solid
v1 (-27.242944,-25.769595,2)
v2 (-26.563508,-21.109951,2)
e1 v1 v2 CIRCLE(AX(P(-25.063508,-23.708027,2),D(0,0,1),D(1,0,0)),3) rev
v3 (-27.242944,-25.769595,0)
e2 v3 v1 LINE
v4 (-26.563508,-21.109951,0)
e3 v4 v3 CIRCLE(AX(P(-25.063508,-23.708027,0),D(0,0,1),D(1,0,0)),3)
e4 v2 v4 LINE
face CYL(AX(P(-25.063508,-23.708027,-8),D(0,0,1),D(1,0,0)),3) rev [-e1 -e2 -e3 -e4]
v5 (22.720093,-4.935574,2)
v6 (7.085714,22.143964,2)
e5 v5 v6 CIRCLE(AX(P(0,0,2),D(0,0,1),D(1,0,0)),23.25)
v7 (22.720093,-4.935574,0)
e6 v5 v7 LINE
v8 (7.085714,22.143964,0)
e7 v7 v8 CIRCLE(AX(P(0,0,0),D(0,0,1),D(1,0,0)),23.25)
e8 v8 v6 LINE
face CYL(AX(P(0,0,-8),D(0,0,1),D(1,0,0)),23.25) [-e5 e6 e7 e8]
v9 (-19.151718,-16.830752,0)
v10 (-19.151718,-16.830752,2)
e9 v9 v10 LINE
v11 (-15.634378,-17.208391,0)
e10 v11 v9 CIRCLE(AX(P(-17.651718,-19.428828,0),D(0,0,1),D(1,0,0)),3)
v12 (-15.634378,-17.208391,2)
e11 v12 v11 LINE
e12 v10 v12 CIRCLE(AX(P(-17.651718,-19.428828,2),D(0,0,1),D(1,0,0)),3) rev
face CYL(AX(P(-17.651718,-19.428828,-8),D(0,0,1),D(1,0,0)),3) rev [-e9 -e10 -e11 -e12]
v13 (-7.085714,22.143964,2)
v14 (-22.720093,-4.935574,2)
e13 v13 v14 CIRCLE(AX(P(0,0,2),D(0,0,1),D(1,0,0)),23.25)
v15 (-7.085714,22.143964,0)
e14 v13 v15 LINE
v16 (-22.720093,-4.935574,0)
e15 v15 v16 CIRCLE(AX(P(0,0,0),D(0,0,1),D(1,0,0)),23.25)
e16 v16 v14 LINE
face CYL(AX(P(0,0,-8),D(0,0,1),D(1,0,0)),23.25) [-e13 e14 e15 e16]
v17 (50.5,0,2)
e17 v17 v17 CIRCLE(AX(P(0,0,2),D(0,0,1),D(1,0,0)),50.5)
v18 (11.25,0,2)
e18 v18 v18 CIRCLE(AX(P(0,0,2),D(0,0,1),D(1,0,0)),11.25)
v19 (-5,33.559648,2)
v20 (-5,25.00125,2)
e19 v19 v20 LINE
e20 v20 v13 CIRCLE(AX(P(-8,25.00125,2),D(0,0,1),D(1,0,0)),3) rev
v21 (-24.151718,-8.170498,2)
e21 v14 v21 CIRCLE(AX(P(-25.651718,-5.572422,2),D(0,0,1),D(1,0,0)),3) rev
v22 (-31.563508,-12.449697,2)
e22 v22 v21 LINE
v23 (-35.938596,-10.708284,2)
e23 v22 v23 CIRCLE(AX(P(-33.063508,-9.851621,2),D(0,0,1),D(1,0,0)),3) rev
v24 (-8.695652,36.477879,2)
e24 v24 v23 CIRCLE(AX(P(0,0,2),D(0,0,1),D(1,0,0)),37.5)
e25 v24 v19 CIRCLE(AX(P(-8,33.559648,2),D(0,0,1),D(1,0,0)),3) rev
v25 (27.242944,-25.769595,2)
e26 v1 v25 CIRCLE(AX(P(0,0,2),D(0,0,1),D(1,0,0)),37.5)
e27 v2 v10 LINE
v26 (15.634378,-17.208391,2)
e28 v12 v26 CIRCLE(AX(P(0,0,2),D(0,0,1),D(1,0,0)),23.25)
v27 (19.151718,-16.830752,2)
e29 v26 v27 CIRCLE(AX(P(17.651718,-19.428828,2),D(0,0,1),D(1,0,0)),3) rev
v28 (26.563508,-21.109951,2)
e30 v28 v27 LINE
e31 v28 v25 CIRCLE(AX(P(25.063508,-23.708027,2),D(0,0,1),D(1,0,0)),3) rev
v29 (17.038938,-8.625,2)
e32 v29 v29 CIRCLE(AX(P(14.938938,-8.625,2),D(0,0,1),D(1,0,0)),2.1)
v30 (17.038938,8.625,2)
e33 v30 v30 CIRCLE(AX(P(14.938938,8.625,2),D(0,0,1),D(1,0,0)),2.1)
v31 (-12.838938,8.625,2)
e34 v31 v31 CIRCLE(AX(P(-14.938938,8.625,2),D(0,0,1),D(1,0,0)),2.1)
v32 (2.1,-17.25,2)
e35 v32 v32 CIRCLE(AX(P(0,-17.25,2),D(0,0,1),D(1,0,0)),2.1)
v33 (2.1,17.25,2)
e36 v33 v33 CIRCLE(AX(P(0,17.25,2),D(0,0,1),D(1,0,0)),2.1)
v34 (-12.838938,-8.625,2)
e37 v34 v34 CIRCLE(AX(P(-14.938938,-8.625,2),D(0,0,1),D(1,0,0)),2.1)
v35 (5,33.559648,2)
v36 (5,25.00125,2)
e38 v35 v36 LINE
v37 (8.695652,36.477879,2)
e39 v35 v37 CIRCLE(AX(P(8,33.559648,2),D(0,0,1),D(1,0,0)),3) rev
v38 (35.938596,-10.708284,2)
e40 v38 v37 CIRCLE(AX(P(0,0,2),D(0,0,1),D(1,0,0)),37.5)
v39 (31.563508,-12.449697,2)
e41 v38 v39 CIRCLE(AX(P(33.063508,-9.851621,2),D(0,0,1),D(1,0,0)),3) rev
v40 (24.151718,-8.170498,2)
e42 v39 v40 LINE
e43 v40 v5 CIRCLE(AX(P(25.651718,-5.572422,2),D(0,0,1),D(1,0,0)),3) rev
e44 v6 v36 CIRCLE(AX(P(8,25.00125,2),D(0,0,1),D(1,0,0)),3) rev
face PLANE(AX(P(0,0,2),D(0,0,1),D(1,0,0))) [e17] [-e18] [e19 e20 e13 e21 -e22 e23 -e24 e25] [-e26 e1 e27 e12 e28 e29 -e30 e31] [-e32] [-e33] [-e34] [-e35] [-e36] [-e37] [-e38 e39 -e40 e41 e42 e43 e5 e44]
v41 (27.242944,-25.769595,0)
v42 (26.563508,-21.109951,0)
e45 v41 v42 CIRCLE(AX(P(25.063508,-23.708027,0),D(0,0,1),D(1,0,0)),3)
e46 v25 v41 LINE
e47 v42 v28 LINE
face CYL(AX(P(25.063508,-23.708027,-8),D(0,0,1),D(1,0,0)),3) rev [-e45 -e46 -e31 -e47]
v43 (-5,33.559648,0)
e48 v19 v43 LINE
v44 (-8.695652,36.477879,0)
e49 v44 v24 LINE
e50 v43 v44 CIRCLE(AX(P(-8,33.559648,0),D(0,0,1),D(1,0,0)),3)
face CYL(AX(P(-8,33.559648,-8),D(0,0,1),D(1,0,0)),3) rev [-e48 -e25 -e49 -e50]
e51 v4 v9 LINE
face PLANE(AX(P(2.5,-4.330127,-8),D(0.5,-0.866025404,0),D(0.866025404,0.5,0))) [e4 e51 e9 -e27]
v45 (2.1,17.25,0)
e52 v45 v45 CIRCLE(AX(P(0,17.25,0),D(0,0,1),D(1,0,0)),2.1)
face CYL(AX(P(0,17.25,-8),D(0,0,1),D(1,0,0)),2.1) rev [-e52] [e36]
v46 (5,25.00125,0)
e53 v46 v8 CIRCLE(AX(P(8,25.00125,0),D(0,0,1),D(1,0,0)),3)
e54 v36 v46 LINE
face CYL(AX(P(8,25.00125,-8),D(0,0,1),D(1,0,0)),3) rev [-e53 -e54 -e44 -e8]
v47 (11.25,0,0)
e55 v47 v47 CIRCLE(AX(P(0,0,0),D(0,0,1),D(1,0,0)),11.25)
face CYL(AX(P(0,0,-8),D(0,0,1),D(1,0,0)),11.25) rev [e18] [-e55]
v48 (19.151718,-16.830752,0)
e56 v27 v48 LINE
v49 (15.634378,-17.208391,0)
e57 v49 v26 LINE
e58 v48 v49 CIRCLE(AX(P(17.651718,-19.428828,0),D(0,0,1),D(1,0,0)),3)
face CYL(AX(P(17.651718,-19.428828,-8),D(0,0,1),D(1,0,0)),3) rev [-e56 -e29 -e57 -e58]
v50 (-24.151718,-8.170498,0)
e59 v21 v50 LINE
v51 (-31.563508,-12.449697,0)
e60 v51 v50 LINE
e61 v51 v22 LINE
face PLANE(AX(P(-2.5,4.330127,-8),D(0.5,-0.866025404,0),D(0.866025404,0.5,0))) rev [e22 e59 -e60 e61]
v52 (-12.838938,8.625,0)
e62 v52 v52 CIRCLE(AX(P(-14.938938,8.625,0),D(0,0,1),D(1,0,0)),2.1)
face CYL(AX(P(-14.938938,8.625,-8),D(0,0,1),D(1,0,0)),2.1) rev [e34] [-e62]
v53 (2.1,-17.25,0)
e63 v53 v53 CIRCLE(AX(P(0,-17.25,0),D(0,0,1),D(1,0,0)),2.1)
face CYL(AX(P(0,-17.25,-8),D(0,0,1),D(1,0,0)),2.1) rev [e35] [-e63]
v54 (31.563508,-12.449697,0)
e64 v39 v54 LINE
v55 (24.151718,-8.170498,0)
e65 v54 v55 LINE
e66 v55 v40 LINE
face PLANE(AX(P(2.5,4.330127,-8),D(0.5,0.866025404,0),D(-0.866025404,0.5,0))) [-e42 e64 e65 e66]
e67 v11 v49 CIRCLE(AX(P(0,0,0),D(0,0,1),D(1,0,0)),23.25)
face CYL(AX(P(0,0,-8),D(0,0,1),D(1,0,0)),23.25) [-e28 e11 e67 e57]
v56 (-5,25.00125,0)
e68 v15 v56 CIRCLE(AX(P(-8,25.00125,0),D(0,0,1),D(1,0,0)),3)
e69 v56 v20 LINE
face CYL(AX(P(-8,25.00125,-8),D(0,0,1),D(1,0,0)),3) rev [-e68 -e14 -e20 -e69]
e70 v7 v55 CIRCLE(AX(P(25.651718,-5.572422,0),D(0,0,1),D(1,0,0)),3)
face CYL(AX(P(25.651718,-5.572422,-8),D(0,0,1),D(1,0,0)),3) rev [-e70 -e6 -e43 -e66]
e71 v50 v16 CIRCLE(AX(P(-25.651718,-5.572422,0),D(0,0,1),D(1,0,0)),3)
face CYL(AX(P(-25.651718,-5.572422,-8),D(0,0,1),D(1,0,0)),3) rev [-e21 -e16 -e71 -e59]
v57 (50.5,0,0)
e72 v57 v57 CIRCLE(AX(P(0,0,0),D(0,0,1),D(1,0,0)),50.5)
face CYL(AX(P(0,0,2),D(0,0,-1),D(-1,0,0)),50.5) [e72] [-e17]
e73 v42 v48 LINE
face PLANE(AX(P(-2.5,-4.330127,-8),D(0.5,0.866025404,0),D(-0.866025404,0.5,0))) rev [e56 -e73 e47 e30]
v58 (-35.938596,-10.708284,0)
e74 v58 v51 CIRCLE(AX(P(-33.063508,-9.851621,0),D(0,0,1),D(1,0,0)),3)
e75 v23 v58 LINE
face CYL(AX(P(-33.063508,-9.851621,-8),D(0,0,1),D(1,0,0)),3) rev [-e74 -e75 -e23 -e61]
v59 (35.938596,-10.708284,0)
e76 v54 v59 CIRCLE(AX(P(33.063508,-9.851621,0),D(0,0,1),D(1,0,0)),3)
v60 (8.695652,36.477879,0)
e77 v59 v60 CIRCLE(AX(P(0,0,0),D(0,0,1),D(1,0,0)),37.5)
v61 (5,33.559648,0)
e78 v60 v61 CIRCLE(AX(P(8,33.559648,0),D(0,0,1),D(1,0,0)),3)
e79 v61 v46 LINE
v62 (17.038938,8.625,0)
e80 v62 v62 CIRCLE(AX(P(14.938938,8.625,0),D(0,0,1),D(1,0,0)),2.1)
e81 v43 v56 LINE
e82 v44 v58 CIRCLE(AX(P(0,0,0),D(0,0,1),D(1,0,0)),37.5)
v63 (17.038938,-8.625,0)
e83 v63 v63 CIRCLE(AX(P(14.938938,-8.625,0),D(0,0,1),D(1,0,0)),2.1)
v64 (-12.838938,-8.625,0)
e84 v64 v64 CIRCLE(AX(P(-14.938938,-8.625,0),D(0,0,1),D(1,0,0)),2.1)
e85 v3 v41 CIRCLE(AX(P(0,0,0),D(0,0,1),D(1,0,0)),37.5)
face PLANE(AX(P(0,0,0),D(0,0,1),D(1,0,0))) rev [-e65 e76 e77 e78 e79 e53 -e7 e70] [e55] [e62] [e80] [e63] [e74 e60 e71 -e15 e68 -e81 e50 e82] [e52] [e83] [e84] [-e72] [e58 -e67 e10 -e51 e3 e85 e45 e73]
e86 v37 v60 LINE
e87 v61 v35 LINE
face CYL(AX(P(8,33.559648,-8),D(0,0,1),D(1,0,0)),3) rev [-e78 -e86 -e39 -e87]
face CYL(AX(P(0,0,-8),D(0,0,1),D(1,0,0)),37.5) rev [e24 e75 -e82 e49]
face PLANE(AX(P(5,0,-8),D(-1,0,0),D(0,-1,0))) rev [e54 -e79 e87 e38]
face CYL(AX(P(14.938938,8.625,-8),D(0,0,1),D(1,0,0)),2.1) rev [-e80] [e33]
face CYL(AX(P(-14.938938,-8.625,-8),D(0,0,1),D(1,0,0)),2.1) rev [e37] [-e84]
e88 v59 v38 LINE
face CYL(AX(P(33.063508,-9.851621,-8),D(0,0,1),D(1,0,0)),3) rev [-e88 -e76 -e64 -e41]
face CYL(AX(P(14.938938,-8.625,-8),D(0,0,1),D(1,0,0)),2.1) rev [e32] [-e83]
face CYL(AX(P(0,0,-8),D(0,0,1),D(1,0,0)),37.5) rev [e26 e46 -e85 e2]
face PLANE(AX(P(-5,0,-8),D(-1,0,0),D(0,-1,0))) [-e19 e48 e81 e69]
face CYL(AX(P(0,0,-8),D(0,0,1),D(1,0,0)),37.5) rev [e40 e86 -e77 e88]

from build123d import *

# Parameters (mm, degrees)
SKETCH_1_R          = 50.5
EXTRUDE_1_DEPTH     = 2
SKETCH_2_R          = 11.25
SKETCH_2_R_2        = 2.1
CUT_EXTRUDE_1_DEPTH = 10
FILLET_1_R          = 3


with BuildPart() as part:
    # 草图1 → 凸台-拉伸1 (new body)
    with BuildSketch(Plane.XY):
        Circle(SKETCH_1_R)
    extrude(amount=EXTRUDE_1_DEPTH)

    # 草图2 → 切除-拉伸1 (cut)
    with BuildSketch(Plane.XY.offset(2)):
        with BuildLine():
            Line((-5, 22.706001409), (-5, 37.165171868))
            ThreePointArc((-5, 37.165171868), (-32.475952642, 18.75), (-34.685982974, -14.252458915))
            Line((-34.685982974, -14.252458915), (-22.163974039, -7.022873686))
            ThreePointArc((-22.163974039, -7.022873686), (-20.135090638, 11.625), (-5, 22.706001409))
        make_face()
        with BuildLine():
            ThreePointArc((37.5, 0), (28.228974477, 24.685522073), (5, 37.165171868))
            Line((5, 37.165171868), (5, 22.706001409))
            ThreePointArc((5, 22.706001409), (18.121982507, 14.565584437), (23.25, 0))
            ThreePointArc((23.25, 0), (22.976889437, -3.55317489), (22.163974039, -7.022873686))
            Line((22.163974039, -7.022873686), (34.685982974, -14.252458915))
            ThreePointArc((34.685982974, -14.252458915), (36.789770056, -7.263801982), (37.5, 0))
        make_face()
        with BuildLine():
            Line((-17.163974039, -15.683127724), (-29.685982974, -22.912712953))
            ThreePointArc((-29.685982974, -22.912712953), (0, -37.5), (29.685982974, -22.912712953))
            Line((29.685982974, -22.912712953), (17.163974039, -15.683127724))
            ThreePointArc((17.163974039, -15.683127724), (0, -23.25), (-17.163974039, -15.683127724))
        make_face()
        Circle(SKETCH_2_R)
        with Locations((-14.938938215, -8.625)):
            Circle(SKETCH_2_R_2)
        with Locations((-14.938938215, 8.625)):
            Circle(SKETCH_2_R_2)
        with Locations((0, 17.25)):
            Circle(SKETCH_2_R_2)
        with Locations((14.938938215, 8.625)):
            Circle(SKETCH_2_R_2)
        with Locations((14.938938215, -8.625)):
            Circle(SKETCH_2_R_2)
        with Locations((0, -17.25)):
            Circle(SKETCH_2_R_2)
    extrude(amount=-CUT_EXTRUDE_1_DEPTH, mode=Mode.SUBTRACT)

    # 圆角1
    fillet_1_edges = [part.edges().sort_by_distance(p)[0] for p in [
        (34.685982974, -14.252458915, 1),
        (22.163974039, -7.022873686, 1),
        (5, 22.706001409, 1),
        (5, 37.165171868, 1),
        (-29.685982974, -22.912712953, 1),
        (-17.163974039, -15.683127724, 1),
        (17.163974039, -15.683127724, 1),
        (29.685982974, -22.912712953, 1),
        (-5, 37.165171868, 1),
        (-5, 22.706001409, 1),
        (-22.163974039, -7.022873686, 1),
        (-34.685982974, -14.252458915, 1),
    ]]
    fillet(fillet_1_edges, radius=FILLET_1_R)


solid = part.part
